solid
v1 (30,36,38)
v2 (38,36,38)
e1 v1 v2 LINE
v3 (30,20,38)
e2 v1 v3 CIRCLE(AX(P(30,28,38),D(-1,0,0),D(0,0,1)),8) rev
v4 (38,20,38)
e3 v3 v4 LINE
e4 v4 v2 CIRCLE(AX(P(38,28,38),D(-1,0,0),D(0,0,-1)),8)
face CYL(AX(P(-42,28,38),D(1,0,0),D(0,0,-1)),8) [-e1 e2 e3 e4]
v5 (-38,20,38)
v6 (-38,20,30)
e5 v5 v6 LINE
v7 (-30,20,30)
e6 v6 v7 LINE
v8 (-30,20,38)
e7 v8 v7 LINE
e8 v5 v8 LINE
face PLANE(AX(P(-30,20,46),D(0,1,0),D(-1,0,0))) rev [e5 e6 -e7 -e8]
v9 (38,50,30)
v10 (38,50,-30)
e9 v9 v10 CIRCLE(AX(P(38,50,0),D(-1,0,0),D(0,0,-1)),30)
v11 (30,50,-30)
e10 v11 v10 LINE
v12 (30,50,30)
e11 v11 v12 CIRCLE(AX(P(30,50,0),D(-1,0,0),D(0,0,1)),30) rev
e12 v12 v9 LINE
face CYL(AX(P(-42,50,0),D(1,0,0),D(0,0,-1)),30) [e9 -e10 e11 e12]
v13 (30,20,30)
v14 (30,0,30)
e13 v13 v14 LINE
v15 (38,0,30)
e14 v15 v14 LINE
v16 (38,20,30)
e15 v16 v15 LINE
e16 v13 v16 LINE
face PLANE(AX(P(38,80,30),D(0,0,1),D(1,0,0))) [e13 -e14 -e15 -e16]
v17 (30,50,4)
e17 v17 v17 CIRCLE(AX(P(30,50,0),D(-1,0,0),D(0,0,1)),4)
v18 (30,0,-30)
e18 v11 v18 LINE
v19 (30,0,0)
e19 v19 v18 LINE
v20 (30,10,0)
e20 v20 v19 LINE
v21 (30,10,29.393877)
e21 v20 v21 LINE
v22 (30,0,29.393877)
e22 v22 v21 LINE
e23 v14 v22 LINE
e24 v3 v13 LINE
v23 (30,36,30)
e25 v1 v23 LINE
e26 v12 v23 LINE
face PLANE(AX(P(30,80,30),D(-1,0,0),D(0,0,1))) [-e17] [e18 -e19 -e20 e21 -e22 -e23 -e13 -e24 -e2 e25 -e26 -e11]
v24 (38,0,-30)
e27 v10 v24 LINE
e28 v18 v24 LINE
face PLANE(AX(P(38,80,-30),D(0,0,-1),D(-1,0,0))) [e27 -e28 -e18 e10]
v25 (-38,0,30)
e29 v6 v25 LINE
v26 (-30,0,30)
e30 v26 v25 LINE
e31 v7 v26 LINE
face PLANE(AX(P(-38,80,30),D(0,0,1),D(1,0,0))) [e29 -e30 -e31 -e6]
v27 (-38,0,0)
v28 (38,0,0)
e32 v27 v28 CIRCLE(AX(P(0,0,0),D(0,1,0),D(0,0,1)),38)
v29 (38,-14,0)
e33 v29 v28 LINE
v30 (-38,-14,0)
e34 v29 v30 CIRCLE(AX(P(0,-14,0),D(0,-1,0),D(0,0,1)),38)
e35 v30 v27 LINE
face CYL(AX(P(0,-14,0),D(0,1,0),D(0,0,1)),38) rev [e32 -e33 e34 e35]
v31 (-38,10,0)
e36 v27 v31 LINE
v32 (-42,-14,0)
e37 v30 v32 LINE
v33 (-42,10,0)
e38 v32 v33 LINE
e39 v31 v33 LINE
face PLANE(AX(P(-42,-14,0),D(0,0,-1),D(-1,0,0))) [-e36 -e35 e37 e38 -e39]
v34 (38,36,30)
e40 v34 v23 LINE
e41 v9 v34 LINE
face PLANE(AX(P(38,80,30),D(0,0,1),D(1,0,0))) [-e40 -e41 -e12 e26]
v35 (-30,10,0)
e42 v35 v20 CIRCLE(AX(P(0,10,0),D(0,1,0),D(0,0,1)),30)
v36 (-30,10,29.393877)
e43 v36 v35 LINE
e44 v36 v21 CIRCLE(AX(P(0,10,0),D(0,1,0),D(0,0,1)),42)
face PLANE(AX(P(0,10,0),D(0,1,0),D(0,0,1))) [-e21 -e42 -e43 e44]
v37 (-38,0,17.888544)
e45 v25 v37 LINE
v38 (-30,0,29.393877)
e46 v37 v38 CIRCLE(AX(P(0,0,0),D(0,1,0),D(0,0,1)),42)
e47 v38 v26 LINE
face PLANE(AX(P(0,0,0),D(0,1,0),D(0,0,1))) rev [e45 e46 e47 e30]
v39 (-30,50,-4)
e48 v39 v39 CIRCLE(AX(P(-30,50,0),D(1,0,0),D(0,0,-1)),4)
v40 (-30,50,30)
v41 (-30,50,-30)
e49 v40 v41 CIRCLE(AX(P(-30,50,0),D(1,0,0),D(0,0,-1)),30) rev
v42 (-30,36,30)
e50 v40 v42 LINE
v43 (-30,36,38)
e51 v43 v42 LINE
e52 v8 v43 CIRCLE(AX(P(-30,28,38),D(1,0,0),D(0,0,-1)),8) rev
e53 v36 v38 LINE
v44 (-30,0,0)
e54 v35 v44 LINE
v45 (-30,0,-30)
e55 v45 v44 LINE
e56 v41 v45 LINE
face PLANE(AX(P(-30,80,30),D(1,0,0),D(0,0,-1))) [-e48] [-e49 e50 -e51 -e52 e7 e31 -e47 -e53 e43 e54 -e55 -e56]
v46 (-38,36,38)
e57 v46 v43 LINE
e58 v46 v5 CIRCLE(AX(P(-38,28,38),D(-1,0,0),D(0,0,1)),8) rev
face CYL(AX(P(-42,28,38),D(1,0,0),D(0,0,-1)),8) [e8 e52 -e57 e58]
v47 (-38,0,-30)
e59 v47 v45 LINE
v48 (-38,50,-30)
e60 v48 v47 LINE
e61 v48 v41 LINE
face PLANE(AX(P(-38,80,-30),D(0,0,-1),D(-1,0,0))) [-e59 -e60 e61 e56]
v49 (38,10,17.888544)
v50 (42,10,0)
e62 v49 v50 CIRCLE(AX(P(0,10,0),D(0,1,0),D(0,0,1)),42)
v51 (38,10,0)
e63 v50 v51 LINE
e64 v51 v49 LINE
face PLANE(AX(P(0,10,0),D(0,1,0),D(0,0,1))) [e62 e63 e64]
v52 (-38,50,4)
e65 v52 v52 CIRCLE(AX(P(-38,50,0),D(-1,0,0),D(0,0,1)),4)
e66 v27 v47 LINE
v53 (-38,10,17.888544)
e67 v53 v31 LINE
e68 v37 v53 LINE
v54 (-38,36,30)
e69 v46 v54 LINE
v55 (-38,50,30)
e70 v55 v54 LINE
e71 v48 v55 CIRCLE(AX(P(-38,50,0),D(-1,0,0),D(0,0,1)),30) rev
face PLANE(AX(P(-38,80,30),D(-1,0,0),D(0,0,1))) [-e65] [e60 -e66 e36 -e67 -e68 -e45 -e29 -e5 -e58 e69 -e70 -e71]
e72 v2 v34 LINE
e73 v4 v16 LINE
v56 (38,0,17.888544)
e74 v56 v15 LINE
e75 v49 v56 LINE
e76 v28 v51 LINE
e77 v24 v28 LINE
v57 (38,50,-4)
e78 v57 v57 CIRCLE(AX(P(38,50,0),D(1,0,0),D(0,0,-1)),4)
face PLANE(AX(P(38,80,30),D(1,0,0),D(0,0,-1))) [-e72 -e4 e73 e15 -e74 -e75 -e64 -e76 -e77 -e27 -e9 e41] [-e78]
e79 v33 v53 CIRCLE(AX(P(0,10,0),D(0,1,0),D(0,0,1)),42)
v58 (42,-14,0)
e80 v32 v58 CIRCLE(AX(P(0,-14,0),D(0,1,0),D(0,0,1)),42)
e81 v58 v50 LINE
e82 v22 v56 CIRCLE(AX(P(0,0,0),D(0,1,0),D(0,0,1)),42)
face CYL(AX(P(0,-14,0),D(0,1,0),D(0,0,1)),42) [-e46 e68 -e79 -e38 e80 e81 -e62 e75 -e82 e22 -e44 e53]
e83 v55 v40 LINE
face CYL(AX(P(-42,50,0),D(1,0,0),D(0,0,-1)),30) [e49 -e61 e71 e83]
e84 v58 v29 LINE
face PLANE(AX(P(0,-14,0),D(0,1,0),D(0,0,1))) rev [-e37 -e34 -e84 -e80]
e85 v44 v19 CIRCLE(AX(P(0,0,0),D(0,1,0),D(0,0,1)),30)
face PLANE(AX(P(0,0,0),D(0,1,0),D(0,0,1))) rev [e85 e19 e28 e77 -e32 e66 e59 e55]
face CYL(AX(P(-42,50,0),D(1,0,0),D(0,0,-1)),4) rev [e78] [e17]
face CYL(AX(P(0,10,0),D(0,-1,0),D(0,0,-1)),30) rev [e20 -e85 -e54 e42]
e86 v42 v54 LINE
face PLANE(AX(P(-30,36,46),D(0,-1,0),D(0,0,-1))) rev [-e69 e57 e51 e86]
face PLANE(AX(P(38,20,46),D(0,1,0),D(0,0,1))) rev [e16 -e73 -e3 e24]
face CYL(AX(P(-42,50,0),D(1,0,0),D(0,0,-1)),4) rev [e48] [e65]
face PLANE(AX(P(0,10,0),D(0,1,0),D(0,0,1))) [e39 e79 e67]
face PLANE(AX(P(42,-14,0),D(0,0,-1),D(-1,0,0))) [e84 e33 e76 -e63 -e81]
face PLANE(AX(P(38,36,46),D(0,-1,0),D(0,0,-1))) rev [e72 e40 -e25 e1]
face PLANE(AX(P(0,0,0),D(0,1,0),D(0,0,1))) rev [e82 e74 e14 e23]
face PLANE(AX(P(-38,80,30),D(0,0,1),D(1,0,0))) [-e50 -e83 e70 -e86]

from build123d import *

# Parameters (mm, degrees)
SKETCH_1_R          = 38
SKETCH_1_R_2        = 30
EXTRUDE_1_DEPTH     = 10
SKETCH_2_W          = 8
SKETCH_2_H          = 60
EXTRUDE_2_DEPTH     = 80
SKETCH_3_R          = 4
CUT_EXTRUDE_1_DEPTH = 80
SKETCH_4_W          = 60
SKETCH_4_H          = 40.678120155
CUT_EXTRUDE_2_DEPTH = 81
EXTRUDE_3_DEPTH     = 24
SKETCH_7_W          = 8
SKETCH_7_H          = 16
EXTRUDE_5_DEPTH     = 16
CUT_EXTRUDE_3_DEPTH = 81


with BuildPart() as part:
    # 草图1 → 凸台-拉伸1 (new body)
    with BuildSketch(Plane(origin=(0, 0, 0), x_dir=(1, 0, 0), z_dir=(0, 1, 0))):
        Circle(SKETCH_1_R)
        Circle(SKETCH_1_R_2, mode=Mode.SUBTRACT)
    extrude(amount=EXTRUDE_1_DEPTH)

    # 草图2 → 凸台-拉伸2 (add)
    with BuildSketch(Plane.XZ):
        with Locations((-34, 0)):
            Rectangle(SKETCH_2_W, SKETCH_2_H)
        with Locations((34, 0)):
            Rectangle(SKETCH_2_W, SKETCH_2_H)
    extrude(amount=-EXTRUDE_2_DEPTH)

    # 草图3 → 切除-拉伸1 (cut)
    with BuildSketch(Plane(origin=(38, 0, 0), x_dir=(0, 0, -1), z_dir=(1, 0, 0))):
        with Locations((0, 50)):
            Circle(SKETCH_3_R)
        with BuildLine():
            Line((-30, 50), (-30, 88))
            Line((-30, 88), (30, 88))
            Line((30, 88), (30, 50))
            ThreePointArc((30, 50), (0, 80), (-30, 50))
        make_face()
    extrude(amount=-CUT_EXTRUDE_1_DEPTH, mode=Mode.SUBTRACT)

    # 草图4 → 切除-拉伸2 (cut, through all)
    with BuildSketch(Plane.XZ):
        with Locations((0, -20.339060078)):
            Rectangle(SKETCH_4_W, SKETCH_4_H)
    extrude(amount=-CUT_EXTRUDE_2_DEPTH, mode=Mode.SUBTRACT)

    # 草图5 → 凸台-拉伸3 (add)
    with BuildSketch(Plane(origin=(0, 10, 0), x_dir=(1, 0, 0), z_dir=(0, 1, 0))):
        with BuildLine():
            Line((42, 0), (38, 0))
            ThreePointArc((38, 0), (0, -38), (-38, 0))
            Line((-38, 0), (-42, 0))
            ThreePointArc((-42, 0), (0, -42), (42, 0))
        make_face()
    extrude(amount=-EXTRUDE_3_DEPTH)

    # 草图7 → 凸台-拉伸5 (add)
    with BuildSketch(Plane.XY.offset(30)):
        with Locations((-34, 28)):
            Rectangle(SKETCH_7_W, SKETCH_7_H)
        with Locations((34, 28)):
            Rectangle(SKETCH_7_W, SKETCH_7_H)
    extrude(amount=EXTRUDE_5_DEPTH)

    # 草图8 → 切除-拉伸3 (cut, through all)
    with BuildSketch(Plane(origin=(38, 0, 0), x_dir=(0, 0, -1), z_dir=(1, 0, 0))):
        with BuildLine():
            Line((-38, 36), (-49.79015057, 36))
            Line((-49.79015057, 36), (-49.79015057, 20))
            Line((-49.79015057, 20), (-38, 20))
            ThreePointArc((-38, 20), (-46, 28), (-38, 36))
        make_face()
    extrude(amount=-CUT_EXTRUDE_3_DEPTH, mode=Mode.SUBTRACT)


solid = part.part
